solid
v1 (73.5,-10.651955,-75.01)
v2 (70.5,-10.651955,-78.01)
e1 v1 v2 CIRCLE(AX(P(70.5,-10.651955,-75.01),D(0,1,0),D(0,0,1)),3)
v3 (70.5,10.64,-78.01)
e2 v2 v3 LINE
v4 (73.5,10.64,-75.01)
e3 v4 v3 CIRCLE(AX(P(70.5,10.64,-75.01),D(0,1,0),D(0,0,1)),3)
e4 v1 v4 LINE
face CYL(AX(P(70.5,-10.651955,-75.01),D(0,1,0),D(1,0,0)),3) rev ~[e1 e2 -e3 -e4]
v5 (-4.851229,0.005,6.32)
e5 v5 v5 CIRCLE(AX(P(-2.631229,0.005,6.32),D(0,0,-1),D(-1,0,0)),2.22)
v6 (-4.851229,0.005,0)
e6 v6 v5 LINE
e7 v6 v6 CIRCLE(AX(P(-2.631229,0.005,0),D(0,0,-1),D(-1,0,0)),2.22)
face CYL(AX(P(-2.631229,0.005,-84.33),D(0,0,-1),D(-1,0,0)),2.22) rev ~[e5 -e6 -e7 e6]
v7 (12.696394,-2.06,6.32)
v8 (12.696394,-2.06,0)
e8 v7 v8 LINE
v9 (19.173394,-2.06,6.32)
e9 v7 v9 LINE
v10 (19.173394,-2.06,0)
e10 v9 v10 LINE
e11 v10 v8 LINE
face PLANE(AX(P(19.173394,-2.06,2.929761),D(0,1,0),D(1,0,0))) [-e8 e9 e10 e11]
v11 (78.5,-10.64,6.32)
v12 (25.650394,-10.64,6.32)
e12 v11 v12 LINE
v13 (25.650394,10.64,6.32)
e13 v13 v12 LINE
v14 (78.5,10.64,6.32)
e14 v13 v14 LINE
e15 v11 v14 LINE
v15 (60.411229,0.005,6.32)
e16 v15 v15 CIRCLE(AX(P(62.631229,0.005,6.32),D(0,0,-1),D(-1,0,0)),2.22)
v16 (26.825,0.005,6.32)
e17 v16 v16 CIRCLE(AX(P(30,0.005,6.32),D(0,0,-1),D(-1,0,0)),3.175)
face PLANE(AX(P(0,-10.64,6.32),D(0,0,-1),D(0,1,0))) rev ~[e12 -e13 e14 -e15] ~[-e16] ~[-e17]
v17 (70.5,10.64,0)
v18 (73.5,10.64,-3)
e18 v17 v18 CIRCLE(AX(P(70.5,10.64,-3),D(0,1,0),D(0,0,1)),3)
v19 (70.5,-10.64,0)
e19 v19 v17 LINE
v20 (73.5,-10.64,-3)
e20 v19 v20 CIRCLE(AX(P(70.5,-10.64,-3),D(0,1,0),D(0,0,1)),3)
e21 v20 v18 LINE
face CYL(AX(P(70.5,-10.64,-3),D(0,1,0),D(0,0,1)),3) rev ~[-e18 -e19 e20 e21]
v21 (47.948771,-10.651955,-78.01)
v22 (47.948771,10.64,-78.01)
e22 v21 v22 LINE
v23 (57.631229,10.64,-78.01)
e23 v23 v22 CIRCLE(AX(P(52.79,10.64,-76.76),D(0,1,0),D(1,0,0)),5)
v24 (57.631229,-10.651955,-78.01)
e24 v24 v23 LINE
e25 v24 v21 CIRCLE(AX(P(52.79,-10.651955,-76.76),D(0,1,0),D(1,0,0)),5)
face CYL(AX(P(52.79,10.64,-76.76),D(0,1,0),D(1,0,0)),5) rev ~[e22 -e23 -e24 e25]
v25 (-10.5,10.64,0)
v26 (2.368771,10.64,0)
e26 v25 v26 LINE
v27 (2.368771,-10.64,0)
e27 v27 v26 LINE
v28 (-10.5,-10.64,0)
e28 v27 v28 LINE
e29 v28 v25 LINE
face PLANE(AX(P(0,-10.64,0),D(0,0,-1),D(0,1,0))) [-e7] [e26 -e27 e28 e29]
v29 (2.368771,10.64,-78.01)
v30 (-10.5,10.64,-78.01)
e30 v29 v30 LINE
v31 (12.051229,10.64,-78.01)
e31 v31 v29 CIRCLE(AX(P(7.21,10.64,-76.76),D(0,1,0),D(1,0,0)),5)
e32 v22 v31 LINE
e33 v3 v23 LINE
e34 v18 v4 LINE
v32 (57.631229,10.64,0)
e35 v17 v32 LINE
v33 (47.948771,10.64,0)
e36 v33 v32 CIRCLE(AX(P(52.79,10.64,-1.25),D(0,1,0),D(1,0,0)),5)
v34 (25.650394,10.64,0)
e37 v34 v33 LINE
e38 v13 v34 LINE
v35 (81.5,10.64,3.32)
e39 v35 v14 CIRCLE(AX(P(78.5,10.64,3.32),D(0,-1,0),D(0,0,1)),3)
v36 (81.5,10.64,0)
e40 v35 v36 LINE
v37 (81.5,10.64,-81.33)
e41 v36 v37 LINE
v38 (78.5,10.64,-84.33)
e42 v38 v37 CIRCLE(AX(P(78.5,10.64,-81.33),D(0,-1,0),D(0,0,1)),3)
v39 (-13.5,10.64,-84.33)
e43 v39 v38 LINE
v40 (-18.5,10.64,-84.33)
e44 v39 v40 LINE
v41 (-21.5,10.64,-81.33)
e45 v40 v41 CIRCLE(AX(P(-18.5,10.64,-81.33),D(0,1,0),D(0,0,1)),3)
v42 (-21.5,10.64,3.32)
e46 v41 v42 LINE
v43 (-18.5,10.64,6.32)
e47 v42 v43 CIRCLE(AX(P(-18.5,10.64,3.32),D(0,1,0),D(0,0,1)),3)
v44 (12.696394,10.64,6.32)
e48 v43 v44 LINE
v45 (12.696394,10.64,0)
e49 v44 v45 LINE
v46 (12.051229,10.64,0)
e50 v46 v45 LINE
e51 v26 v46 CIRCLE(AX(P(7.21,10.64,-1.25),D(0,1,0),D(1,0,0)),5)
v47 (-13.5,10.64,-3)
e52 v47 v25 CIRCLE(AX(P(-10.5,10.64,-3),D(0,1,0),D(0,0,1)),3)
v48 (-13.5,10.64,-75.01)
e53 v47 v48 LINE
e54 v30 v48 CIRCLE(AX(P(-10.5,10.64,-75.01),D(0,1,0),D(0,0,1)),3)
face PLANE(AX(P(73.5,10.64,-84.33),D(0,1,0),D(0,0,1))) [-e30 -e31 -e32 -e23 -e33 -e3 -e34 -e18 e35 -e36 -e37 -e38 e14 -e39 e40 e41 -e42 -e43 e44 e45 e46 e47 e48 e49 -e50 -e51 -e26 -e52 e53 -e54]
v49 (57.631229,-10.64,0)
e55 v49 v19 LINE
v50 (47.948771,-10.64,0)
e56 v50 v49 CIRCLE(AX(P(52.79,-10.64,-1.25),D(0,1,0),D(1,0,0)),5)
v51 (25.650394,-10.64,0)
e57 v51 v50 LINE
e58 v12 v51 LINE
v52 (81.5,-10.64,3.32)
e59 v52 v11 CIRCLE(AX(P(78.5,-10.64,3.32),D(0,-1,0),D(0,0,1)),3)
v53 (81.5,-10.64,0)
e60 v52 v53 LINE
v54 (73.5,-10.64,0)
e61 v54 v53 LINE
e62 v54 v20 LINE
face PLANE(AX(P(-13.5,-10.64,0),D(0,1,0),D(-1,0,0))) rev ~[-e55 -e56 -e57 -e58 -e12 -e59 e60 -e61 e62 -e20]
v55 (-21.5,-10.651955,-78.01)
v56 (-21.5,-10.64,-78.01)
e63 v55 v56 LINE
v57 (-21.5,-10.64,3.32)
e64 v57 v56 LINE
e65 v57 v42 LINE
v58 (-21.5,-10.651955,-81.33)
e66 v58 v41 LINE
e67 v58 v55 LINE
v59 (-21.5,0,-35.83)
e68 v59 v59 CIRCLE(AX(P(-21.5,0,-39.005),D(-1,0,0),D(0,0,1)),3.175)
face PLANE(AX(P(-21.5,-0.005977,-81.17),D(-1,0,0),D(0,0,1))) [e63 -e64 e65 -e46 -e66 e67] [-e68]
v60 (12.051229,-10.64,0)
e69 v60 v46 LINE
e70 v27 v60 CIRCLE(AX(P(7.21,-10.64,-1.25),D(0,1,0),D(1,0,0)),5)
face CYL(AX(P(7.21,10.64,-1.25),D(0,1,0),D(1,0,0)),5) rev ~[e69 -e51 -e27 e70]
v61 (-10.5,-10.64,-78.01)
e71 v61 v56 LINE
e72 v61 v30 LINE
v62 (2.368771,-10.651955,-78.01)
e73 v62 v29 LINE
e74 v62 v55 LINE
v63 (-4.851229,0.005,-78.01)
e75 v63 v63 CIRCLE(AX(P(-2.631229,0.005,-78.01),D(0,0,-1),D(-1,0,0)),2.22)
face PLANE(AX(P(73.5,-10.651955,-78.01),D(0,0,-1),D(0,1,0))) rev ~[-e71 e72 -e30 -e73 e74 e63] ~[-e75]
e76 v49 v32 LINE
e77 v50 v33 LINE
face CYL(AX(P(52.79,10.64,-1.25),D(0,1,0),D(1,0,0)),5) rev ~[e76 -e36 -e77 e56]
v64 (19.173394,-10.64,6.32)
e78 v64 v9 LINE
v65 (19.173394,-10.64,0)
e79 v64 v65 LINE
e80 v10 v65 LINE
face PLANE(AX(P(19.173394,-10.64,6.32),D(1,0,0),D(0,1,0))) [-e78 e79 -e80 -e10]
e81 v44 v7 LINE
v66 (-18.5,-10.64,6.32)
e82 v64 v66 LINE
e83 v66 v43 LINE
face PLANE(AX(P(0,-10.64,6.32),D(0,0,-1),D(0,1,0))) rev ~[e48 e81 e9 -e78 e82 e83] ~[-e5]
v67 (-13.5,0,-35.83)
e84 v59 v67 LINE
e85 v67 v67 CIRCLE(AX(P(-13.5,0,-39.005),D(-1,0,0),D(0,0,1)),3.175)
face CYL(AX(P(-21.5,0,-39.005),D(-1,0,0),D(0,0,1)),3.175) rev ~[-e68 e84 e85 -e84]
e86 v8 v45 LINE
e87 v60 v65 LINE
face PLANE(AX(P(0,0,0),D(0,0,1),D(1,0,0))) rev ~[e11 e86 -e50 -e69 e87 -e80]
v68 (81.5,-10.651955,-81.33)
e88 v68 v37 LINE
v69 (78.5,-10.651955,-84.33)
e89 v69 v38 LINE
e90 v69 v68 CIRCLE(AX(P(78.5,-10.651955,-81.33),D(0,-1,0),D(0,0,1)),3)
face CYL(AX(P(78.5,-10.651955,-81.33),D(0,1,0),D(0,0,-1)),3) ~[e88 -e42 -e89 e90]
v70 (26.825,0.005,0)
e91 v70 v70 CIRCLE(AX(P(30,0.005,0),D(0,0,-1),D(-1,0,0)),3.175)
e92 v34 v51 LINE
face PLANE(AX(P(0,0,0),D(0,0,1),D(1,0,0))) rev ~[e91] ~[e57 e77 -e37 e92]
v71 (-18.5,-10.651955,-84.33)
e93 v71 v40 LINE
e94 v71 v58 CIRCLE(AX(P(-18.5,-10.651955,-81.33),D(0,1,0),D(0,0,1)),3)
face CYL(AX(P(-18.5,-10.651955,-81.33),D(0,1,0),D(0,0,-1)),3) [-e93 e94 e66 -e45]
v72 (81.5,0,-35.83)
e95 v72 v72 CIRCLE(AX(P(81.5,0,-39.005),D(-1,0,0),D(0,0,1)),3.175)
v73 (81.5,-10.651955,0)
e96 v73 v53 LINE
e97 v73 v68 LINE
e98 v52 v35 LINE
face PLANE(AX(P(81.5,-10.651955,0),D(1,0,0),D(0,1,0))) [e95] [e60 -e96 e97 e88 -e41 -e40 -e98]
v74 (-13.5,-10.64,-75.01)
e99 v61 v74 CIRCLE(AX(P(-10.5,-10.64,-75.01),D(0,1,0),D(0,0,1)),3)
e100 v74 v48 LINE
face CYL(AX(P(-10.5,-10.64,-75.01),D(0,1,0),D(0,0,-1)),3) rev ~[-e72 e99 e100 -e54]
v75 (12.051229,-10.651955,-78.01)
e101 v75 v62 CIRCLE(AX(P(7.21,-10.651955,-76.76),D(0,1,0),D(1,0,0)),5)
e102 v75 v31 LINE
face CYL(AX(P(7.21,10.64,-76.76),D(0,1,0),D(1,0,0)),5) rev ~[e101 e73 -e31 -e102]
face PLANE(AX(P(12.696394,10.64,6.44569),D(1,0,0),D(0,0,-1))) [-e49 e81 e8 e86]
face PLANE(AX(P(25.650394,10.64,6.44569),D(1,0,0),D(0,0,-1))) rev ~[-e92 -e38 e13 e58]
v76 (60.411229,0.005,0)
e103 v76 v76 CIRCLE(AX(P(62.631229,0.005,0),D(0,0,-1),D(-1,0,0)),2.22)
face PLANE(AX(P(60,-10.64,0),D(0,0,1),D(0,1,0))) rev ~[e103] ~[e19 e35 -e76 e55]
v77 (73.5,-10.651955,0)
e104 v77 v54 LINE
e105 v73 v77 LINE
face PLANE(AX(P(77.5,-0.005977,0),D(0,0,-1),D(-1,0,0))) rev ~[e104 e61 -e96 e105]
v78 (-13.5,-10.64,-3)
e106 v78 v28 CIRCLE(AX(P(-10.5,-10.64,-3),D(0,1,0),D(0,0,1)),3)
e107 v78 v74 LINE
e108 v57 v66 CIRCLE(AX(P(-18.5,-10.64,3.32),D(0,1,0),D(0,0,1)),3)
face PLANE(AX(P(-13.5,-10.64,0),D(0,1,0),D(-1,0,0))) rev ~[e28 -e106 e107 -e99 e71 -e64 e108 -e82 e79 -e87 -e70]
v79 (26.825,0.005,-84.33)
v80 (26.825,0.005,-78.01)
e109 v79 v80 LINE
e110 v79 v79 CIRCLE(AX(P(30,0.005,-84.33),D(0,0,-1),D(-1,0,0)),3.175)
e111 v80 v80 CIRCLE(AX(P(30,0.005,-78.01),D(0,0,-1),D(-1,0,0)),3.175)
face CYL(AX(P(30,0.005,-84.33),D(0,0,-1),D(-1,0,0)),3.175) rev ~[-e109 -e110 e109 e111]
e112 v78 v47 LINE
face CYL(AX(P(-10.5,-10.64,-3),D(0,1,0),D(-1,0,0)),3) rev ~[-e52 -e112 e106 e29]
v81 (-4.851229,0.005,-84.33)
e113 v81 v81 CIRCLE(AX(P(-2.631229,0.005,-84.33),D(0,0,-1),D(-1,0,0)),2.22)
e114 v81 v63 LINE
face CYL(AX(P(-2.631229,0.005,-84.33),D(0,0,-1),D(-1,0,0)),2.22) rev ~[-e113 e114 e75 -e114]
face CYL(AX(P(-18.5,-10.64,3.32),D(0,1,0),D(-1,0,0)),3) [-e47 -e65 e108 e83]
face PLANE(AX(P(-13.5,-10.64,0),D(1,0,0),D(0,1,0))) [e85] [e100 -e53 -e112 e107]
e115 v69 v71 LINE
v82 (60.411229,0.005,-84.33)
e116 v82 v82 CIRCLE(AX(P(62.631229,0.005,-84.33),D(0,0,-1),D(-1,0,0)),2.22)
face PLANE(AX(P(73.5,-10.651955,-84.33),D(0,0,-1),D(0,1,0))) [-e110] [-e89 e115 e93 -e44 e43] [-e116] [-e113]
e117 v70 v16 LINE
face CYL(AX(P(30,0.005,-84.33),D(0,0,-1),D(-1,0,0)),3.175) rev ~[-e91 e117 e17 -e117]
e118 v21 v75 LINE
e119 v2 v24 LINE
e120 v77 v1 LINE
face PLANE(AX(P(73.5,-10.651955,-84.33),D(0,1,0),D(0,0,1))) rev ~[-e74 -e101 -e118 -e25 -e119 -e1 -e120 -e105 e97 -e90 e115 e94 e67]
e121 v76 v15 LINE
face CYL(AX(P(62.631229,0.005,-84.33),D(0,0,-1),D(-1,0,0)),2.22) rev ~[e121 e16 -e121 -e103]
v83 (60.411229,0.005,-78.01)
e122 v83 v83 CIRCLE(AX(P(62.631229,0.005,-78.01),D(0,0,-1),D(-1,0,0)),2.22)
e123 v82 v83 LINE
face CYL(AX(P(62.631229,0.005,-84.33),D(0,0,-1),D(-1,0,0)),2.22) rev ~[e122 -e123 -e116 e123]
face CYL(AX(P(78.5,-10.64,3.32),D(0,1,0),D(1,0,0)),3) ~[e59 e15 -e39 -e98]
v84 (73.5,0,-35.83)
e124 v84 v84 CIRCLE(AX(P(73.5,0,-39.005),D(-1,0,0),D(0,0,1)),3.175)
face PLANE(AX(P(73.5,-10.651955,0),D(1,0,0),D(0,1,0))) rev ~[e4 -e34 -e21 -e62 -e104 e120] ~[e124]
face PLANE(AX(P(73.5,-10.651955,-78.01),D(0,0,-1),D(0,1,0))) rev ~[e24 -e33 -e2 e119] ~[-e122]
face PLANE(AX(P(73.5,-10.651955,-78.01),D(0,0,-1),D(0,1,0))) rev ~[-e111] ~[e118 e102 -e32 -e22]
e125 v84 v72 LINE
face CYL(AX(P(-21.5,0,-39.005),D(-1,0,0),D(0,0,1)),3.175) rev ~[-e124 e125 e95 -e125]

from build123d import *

# Parameters (mm, degrees)
SKETCH1_W           = 60
SKETCH1_H           = 6.32
BOSS_EXTRUDE1_DEPTH = 10.64
SKETCH2_R           = 5
CUT_EXTRUDE1_DEPTH  = 64.974845056
SKETCH3_W           = 6.32
SKETCH3_H           = 21.28
BOSS_EXTRUDE2_DEPTH = 21.5
SKETCH4_W           = 6.32
SKETCH4_H           = 21.28
BOSS_EXTRUDE3_DEPTH = 21.5
SKETCH5_W           = 8
SKETCH5_H           = 21.28
BOSS_EXTRUDE6_DEPTH = 84.33
SKETCH6_W           = 8
SKETCH6_H           = 21.291954735
BOSS_EXTRUDE7_DEPTH = 84.33
SKETCH7_W           = 6.32
SKETCH7_H           = 21.291954735
BOSS_EXTRUDE8_DEPTH = 95
SKETCH9_R           = 5
CUT_EXTRUDE2_DEPTH  = 120.193734049
SKETCH10_R          = 2.22
CUT_EXTRUDE3_DEPTH  = 123.364768784
FILLET1_R           = 3
SKETCH13_R          = 3.175
CUT_EXTRUDE4_DEPTH  = 123.364768784
SKETCH17_W          = 12.954
SKETCH17_H          = 7.031857888
CUT_EXTRUDE7_DEPTH  = 12.7
CUT_EXTRUDE8_REACH  = 124.365
SKETCH18_W          = 6.477
SKETCH18_H          = 8.58
SKETCH19_R          = 3.175
CUT_EXTRUDE9_DEPTH  = 134.544049061


with BuildPart() as part:
    # Sketch1 → Boss-Extrude1 (new, symmetric)
    with BuildSketch(Plane(origin=(0, 0, 0), x_dir=(1, 0, 0), z_dir=(0, 1, 0))):
        with Locations((30, -3.16)):
            Rectangle(SKETCH1_W, SKETCH1_H)
    extrude(amount=BOSS_EXTRUDE1_DEPTH, both=True)

    # Sketch2 → Cut-Extrude1 (cut, through all)
    with BuildSketch(Plane(origin=(0, 10.64, 0), x_dir=(1, 0, 0), z_dir=(0, 1, 0))):
        with Locations((7.21, 1.25)):
            Circle(SKETCH2_R)
        with Locations((52.79, 1.25)):
            Circle(SKETCH2_R)
    extrude(amount=-CUT_EXTRUDE1_DEPTH, mode=Mode.SUBTRACT)

    # Sketch3 → Boss-Extrude2 (add)
    with BuildSketch(Plane(origin=(60, 0, 0), x_dir=(0, 0, -1), z_dir=(1, 0, 0))):
        with Locations((-3.16, 0)):
            Rectangle(SKETCH3_W, SKETCH3_H)
    extrude(amount=BOSS_EXTRUDE2_DEPTH)

    # Sketch4 → Boss-Extrude3 (add)
    with BuildSketch(Plane.ZY):
        with Locations((3.16, 0)):
            Rectangle(SKETCH4_W, SKETCH4_H)
    extrude(amount=BOSS_EXTRUDE3_DEPTH)

    # Sketch5 → Boss-Extrude6 (add)
    with BuildSketch(Plane(origin=(0, 0, 0), x_dir=(-1, 0, 0), z_dir=(0, 0, -1))):
        with Locations((17.5, 0)):
            Rectangle(SKETCH5_W, SKETCH5_H)
    extrude(amount=BOSS_EXTRUDE6_DEPTH)

    # Sketch6 → Boss-Extrude7 (add)
    with BuildSketch(Plane(origin=(0, 0, 0), x_dir=(-1, 0, 0), z_dir=(0, 0, -1))):
        with Locations((-77.5, -0.005977367)):
            Rectangle(SKETCH6_W, SKETCH6_H)
    extrude(amount=BOSS_EXTRUDE7_DEPTH)

    # Sketch7 → Boss-Extrude8 (add, through all)
    with BuildSketch(Plane.ZY.offset(-73.5)):
        with Locations((-81.17, -0.005977367)):
            Rectangle(SKETCH7_W, SKETCH7_H)
    extrude(amount=BOSS_EXTRUDE8_DEPTH)

    # Sketch9 → Cut-Extrude2 (cut, through all)
    with BuildSketch(Plane(origin=(0, 10.64, 0), x_dir=(1, 0, 0), z_dir=(0, 1, 0))):
        with Locations((7.21, 76.76)):
            Circle(SKETCH9_R)
        with Locations((52.79, 76.76)):
            Circle(SKETCH9_R)
    extrude(amount=-CUT_EXTRUDE2_DEPTH, mode=Mode.SUBTRACT)

    # Sketch10 → Cut-Extrude3 (cut, through all)
    with BuildSketch(Plane(origin=(0, 0, -84.33), x_dir=(-1, 0, 0), z_dir=(0, 0, -1))):
        with Locations((-62.631229183, 0.005)):
            Circle(SKETCH10_R)
        with Locations((2.631229183, 0.005)):
            Circle(SKETCH10_R)
    extrude(amount=-CUT_EXTRUDE3_DEPTH, mode=Mode.SUBTRACT)

    # Fillet1
    fillet1_edges = [part.edges().sort_by_distance(p)[0] for p in [
        (81.5, 0, 6.32),
        (-21.5, 0, 6.32),
        (-13.5, 0, 0),
        (-21.5, -0.005977367, -84.33),
        (73.5, 0, 0),
        (81.5, -0.005977367, -84.33),
        (-13.5, 0, -78.01),
        (73.5, -0.005977367, -78.01),
    ]]
    fillet(fillet1_edges, radius=FILLET1_R)

    # Sketch13 → Cut-Extrude4 (cut, through all)
    with BuildSketch(Plane(origin=(0, 0, -84.33), x_dir=(-1, 0, 0), z_dir=(0, 0, -1))):
        with Locations((-30, 0.005)):
            Circle(SKETCH13_R)
    extrude(amount=-CUT_EXTRUDE4_DEPTH, mode=Mode.SUBTRACT)

    # Sketch17 → Cut-Extrude7 (cut, symmetric)
    with BuildSketch(Plane(origin=(0, 10.64, 0), x_dir=(1, 0, 0), z_dir=(0, 1, 0))):
        with Locations((19.173393665, -2.929761462)):
            Rectangle(SKETCH17_W, SKETCH17_H)
    extrude(amount=CUT_EXTRUDE7_DEPTH, both=True, mode=Mode.SUBTRACT)

    # Sketch18 → Cut-Extrude8 (cut, up to next)
    with BuildSketch(Plane.XY.offset(6.32), mode=Mode.PRIVATE) as cut_extrude8_sk1:
        with Locations((22.411893665, -6.35)):
            Rectangle(SKETCH18_W, SKETCH18_H)
    cut_extrude8_tool1 = extrude(cut_extrude8_sk1.sketch, amount=-CUT_EXTRUDE8_REACH, mode=Mode.PRIVATE) & part.part
    add(cut_extrude8_tool1.solids().sort_by_distance((22.411894, -6.35, 6.32))[0], mode=Mode.SUBTRACT)

    # Sketch19 → Cut-Extrude9 (cut, through all)
    with BuildSketch(Plane.ZY.offset(21.5)):
        with Locations((-39.005, 0)):
            Circle(SKETCH19_R)
    extrude(amount=-CUT_EXTRUDE9_DEPTH, mode=Mode.SUBTRACT)


solid = part.part
